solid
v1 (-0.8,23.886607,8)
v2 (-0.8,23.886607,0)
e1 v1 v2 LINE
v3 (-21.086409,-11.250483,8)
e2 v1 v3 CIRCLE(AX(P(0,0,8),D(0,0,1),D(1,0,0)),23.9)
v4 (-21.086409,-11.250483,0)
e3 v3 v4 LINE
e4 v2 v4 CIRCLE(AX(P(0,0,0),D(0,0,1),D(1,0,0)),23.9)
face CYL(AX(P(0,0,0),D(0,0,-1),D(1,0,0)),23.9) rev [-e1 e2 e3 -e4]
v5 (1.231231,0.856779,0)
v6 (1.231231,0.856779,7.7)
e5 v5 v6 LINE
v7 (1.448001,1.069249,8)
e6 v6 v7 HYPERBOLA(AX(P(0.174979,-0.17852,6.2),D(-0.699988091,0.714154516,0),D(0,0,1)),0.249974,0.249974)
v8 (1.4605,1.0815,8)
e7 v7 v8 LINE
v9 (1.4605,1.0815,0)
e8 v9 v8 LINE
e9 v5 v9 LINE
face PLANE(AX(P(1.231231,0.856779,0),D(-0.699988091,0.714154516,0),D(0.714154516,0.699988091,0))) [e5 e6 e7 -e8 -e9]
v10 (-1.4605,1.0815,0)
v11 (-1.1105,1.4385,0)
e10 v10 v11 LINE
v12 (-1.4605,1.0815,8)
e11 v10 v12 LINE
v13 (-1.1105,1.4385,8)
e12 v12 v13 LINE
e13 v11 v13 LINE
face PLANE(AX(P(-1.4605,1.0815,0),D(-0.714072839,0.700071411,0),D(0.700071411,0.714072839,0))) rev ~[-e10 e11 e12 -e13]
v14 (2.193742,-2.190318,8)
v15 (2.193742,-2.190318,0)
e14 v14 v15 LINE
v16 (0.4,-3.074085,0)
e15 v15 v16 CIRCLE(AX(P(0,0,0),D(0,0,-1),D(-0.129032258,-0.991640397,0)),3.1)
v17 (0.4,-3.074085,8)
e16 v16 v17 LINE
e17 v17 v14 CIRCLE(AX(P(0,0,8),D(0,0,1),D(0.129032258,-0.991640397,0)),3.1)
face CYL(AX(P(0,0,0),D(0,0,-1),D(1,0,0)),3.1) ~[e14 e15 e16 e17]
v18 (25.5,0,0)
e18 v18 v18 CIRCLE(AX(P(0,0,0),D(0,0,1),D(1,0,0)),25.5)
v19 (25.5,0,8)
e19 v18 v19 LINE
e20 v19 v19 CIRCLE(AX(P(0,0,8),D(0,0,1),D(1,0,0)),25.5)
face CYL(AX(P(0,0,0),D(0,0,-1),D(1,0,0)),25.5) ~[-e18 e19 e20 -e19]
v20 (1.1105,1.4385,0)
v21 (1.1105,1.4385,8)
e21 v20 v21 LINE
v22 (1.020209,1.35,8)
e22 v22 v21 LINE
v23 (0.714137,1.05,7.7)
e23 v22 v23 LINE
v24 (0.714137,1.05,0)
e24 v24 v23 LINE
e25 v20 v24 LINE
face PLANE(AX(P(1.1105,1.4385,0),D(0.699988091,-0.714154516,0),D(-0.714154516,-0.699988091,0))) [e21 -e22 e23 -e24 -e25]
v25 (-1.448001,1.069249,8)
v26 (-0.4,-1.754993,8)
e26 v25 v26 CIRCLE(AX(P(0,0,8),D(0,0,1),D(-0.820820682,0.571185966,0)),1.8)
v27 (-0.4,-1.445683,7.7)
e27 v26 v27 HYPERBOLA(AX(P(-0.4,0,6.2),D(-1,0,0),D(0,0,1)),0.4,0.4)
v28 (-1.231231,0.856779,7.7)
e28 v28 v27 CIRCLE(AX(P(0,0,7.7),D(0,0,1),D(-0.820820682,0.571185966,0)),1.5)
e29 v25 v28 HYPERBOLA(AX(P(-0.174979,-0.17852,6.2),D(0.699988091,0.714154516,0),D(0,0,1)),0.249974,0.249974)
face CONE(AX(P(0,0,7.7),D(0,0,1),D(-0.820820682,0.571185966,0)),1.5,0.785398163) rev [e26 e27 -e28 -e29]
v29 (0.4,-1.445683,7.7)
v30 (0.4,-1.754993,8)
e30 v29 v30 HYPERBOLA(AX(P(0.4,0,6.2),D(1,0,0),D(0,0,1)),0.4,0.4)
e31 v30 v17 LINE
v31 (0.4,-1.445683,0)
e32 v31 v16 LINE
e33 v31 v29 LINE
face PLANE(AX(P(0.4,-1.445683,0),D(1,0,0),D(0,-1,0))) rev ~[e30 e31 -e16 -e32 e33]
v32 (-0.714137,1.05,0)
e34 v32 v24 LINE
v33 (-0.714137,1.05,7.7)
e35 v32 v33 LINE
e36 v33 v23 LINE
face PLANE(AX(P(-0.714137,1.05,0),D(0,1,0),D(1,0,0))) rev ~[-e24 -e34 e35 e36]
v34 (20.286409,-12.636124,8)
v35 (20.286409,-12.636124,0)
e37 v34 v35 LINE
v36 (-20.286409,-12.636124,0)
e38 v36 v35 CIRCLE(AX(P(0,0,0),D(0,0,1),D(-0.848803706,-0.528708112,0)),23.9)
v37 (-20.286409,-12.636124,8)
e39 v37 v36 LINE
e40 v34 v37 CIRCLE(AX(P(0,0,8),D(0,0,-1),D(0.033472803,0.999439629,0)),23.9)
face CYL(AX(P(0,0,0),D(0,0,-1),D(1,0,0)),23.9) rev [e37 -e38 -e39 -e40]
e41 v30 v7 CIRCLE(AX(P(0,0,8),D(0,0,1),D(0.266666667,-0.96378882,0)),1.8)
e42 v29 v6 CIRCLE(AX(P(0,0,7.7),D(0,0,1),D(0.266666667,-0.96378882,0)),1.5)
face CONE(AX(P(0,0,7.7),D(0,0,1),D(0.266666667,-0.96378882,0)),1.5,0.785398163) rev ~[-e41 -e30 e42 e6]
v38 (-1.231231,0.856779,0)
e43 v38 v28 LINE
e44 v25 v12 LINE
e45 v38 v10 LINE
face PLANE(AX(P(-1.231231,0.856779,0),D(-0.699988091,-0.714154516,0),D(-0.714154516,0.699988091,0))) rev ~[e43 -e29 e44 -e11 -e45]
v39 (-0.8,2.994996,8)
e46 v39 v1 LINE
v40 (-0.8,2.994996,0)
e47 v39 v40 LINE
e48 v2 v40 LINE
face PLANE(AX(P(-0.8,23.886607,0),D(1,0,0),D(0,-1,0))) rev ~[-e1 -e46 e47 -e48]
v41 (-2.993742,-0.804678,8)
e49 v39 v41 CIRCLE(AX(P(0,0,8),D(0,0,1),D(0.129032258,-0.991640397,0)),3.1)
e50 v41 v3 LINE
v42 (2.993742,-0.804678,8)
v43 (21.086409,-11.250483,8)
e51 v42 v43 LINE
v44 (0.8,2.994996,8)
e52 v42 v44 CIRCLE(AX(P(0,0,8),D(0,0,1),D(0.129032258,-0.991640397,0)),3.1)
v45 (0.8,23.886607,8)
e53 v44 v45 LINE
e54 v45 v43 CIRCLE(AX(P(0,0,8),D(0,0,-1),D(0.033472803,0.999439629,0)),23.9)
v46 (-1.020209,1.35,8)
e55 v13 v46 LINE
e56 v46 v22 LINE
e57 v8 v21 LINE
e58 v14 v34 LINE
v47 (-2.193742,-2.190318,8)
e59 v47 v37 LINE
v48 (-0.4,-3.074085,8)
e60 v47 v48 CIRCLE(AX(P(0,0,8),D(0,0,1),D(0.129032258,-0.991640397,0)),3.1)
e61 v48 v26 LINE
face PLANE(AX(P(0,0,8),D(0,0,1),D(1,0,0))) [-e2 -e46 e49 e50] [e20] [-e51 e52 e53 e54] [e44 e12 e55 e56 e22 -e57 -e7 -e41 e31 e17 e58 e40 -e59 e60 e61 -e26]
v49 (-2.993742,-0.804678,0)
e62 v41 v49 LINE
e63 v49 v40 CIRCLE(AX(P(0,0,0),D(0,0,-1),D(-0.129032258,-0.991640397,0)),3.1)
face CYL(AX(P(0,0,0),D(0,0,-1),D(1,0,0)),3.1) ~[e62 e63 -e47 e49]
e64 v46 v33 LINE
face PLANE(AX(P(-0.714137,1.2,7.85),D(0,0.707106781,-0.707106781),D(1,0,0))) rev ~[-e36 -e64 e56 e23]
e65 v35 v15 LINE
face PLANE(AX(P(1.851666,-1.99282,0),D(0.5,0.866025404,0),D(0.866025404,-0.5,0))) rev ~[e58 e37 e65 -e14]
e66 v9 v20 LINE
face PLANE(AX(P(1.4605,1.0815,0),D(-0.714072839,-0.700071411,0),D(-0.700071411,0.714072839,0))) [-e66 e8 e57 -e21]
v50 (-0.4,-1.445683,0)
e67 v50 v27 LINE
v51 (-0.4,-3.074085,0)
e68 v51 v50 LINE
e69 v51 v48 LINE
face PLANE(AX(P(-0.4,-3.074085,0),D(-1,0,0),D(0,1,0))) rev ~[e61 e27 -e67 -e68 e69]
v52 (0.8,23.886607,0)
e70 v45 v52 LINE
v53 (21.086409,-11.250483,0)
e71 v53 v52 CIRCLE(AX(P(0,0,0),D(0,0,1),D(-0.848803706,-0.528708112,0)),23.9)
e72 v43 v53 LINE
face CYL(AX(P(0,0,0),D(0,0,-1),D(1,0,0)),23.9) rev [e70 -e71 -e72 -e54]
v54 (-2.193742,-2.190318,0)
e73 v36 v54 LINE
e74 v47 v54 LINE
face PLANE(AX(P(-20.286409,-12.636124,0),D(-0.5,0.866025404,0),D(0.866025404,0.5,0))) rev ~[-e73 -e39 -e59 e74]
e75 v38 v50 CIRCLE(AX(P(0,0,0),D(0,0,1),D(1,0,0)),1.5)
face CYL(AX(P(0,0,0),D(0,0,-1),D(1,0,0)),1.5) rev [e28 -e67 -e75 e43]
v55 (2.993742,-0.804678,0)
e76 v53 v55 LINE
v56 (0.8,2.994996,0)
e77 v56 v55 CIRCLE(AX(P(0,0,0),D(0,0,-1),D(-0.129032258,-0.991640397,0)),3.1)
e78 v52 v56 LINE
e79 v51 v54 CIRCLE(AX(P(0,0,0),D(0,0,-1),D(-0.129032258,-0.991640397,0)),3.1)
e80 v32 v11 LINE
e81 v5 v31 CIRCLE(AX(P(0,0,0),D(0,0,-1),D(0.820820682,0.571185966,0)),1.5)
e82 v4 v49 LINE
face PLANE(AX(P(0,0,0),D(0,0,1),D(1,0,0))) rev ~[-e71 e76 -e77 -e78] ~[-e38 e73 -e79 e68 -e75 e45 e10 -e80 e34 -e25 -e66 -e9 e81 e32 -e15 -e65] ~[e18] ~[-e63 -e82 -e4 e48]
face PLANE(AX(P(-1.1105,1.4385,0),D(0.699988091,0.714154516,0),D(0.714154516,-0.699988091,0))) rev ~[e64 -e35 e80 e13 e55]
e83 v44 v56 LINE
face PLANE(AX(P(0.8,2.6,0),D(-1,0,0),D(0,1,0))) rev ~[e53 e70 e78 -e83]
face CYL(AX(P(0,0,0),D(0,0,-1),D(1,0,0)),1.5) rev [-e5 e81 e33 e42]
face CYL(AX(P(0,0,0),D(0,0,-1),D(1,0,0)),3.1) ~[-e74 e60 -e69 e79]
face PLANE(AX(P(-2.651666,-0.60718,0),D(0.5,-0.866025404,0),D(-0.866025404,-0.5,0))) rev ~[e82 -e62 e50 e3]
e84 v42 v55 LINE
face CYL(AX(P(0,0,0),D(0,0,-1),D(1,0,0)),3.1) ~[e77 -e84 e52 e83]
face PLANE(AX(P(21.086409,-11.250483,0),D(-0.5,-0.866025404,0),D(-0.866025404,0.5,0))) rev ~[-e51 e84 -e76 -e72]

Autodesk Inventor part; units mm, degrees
ref_plane "YZ Plane" through (0, 0, 0) normal (1, 0, 0) x (0, 1, 0)
ref_plane "XZ Plane" through (0, 0, 0) normal (0, 1, 0) x (-1, 0, 0)
ref_plane "XY Plane" through (0, 0, 0) normal (0, 0, 1) x (1, 0, 0)
sketch "スケッチ1" plane through (0, 0, 0) normal (0, 0, 1) x (1, 0, 0)
  circle A0 centre (0, 0) radius 1.5
  circle A1 centre (0, 0) radius 3.1
  line L0 (-0.4, 0) -> (0.4, 0)
  line L1 (0.4, 0) -> (0.4, -3.1)
  line L2 (0.4, -3.1) -> (-0.4, -3.1)
  line L3 (-0.4, -3.1) -> (-0.4, 0)
  line L4 (-1.0712, 1.05) -> (1.0712, 1.05)
  circle A2 centre (0, 0) radius 25.5
  circle A3 centre (0, 0) radius 23.9
  line L5 (-1.4605, 1.0815) -> (-1.1105, 1.4385)
  line L6 (-1.1105, 1.4385) -> (0.175, 0.1785)
  line L7 (0.175, 0.1785) -> (-0.175, -0.1785)
  line L8 (-0.175, -0.1785) -> (-1.4605, 1.0815)
  line L9 (1.4605, 1.0815) -> (1.1105, 1.4385)
  line L10 (1.1105, 1.4385) -> (-0.175, 0.1785)
  line L11 (-0.175, 0.1785) -> (0.175, -0.1785)
  line L12 (0.175, -0.1785) -> (1.4605, 1.0815)
  line L13 (0, 0) -> (-1.0712, 1.05) construction
  line L14 (1.0712, 1.05) -> (0, 0) construction
  point P0 (0.4, -1.4457)
  point P1 (0.4, -3.0741)
  point P2 (-0.4, -3.0741)
  point P3 (-0.4, -1.4457)
  point P4 (-0.7141, 1.05)
  point P5 (0.7141, 1.05)
  point P6 (1.2312, 0.8568)
  point P7 (-1.2312, 0.8568)
  dimension "SHAFT_D" = 3
  dimension "SLIT" = 0.8
  dimension "HUB_THIN" = 1.6
  dimension "d3" = 1.05
  dimension "WHEEL_D" = 51
  dimension "d5" = 1.6
  dimension "d18" = 0.5
  dimension "d19" = 1.8
extrude "ハブ＆リム" add sketch "スケッチ1" along normal blind 8 contours A0 L12 L9 L10 L6 L5 L8 L3 A1 L1 | L10 L4 L6 A0 | A2
sketch "スケッチ2" plane through (0, 0, 0) normal (0, 0, 1) x (1, 0, 0)
  line L0 (-0.8, 2.6) -> (0.8, 2.6)
  line L1 (0.8, 2.6) -> (0.8, 23.9)
  line L2 (0.8, 23.9) -> (-0.8, 23.9)
  line L3 (-0.8, 23.9) -> (-0.8, 2.6)
  circle A0 centre (0, 0) radius 23.9 projected
  point P0 (0, 23.9)
  dimension "d8" = 1.6
  dimension "d9" = 2.6
extrude "スポーク" add sketch "スケッチ2" along normal up to surface (8 mm away) contours L3 A0 L1 L0 | L3 L2 A0 | A0 L2 L1 picked at (0, 9.7)
pattern_circular "円形状パターン1" count 3 over 360 about axis through (0, 0, -10) along (0, 0, 1) of "スポーク"
chamfer "面取り1" distance 0.3 angle 45 3 edges at (-1.4109, -0.5094, 8) (0, 1.05, 8) (1.4109, -0.5094, 8)
equation "\"d5\" = HUB_THIN"
properties part number "D-Shaft_Wheel3"
